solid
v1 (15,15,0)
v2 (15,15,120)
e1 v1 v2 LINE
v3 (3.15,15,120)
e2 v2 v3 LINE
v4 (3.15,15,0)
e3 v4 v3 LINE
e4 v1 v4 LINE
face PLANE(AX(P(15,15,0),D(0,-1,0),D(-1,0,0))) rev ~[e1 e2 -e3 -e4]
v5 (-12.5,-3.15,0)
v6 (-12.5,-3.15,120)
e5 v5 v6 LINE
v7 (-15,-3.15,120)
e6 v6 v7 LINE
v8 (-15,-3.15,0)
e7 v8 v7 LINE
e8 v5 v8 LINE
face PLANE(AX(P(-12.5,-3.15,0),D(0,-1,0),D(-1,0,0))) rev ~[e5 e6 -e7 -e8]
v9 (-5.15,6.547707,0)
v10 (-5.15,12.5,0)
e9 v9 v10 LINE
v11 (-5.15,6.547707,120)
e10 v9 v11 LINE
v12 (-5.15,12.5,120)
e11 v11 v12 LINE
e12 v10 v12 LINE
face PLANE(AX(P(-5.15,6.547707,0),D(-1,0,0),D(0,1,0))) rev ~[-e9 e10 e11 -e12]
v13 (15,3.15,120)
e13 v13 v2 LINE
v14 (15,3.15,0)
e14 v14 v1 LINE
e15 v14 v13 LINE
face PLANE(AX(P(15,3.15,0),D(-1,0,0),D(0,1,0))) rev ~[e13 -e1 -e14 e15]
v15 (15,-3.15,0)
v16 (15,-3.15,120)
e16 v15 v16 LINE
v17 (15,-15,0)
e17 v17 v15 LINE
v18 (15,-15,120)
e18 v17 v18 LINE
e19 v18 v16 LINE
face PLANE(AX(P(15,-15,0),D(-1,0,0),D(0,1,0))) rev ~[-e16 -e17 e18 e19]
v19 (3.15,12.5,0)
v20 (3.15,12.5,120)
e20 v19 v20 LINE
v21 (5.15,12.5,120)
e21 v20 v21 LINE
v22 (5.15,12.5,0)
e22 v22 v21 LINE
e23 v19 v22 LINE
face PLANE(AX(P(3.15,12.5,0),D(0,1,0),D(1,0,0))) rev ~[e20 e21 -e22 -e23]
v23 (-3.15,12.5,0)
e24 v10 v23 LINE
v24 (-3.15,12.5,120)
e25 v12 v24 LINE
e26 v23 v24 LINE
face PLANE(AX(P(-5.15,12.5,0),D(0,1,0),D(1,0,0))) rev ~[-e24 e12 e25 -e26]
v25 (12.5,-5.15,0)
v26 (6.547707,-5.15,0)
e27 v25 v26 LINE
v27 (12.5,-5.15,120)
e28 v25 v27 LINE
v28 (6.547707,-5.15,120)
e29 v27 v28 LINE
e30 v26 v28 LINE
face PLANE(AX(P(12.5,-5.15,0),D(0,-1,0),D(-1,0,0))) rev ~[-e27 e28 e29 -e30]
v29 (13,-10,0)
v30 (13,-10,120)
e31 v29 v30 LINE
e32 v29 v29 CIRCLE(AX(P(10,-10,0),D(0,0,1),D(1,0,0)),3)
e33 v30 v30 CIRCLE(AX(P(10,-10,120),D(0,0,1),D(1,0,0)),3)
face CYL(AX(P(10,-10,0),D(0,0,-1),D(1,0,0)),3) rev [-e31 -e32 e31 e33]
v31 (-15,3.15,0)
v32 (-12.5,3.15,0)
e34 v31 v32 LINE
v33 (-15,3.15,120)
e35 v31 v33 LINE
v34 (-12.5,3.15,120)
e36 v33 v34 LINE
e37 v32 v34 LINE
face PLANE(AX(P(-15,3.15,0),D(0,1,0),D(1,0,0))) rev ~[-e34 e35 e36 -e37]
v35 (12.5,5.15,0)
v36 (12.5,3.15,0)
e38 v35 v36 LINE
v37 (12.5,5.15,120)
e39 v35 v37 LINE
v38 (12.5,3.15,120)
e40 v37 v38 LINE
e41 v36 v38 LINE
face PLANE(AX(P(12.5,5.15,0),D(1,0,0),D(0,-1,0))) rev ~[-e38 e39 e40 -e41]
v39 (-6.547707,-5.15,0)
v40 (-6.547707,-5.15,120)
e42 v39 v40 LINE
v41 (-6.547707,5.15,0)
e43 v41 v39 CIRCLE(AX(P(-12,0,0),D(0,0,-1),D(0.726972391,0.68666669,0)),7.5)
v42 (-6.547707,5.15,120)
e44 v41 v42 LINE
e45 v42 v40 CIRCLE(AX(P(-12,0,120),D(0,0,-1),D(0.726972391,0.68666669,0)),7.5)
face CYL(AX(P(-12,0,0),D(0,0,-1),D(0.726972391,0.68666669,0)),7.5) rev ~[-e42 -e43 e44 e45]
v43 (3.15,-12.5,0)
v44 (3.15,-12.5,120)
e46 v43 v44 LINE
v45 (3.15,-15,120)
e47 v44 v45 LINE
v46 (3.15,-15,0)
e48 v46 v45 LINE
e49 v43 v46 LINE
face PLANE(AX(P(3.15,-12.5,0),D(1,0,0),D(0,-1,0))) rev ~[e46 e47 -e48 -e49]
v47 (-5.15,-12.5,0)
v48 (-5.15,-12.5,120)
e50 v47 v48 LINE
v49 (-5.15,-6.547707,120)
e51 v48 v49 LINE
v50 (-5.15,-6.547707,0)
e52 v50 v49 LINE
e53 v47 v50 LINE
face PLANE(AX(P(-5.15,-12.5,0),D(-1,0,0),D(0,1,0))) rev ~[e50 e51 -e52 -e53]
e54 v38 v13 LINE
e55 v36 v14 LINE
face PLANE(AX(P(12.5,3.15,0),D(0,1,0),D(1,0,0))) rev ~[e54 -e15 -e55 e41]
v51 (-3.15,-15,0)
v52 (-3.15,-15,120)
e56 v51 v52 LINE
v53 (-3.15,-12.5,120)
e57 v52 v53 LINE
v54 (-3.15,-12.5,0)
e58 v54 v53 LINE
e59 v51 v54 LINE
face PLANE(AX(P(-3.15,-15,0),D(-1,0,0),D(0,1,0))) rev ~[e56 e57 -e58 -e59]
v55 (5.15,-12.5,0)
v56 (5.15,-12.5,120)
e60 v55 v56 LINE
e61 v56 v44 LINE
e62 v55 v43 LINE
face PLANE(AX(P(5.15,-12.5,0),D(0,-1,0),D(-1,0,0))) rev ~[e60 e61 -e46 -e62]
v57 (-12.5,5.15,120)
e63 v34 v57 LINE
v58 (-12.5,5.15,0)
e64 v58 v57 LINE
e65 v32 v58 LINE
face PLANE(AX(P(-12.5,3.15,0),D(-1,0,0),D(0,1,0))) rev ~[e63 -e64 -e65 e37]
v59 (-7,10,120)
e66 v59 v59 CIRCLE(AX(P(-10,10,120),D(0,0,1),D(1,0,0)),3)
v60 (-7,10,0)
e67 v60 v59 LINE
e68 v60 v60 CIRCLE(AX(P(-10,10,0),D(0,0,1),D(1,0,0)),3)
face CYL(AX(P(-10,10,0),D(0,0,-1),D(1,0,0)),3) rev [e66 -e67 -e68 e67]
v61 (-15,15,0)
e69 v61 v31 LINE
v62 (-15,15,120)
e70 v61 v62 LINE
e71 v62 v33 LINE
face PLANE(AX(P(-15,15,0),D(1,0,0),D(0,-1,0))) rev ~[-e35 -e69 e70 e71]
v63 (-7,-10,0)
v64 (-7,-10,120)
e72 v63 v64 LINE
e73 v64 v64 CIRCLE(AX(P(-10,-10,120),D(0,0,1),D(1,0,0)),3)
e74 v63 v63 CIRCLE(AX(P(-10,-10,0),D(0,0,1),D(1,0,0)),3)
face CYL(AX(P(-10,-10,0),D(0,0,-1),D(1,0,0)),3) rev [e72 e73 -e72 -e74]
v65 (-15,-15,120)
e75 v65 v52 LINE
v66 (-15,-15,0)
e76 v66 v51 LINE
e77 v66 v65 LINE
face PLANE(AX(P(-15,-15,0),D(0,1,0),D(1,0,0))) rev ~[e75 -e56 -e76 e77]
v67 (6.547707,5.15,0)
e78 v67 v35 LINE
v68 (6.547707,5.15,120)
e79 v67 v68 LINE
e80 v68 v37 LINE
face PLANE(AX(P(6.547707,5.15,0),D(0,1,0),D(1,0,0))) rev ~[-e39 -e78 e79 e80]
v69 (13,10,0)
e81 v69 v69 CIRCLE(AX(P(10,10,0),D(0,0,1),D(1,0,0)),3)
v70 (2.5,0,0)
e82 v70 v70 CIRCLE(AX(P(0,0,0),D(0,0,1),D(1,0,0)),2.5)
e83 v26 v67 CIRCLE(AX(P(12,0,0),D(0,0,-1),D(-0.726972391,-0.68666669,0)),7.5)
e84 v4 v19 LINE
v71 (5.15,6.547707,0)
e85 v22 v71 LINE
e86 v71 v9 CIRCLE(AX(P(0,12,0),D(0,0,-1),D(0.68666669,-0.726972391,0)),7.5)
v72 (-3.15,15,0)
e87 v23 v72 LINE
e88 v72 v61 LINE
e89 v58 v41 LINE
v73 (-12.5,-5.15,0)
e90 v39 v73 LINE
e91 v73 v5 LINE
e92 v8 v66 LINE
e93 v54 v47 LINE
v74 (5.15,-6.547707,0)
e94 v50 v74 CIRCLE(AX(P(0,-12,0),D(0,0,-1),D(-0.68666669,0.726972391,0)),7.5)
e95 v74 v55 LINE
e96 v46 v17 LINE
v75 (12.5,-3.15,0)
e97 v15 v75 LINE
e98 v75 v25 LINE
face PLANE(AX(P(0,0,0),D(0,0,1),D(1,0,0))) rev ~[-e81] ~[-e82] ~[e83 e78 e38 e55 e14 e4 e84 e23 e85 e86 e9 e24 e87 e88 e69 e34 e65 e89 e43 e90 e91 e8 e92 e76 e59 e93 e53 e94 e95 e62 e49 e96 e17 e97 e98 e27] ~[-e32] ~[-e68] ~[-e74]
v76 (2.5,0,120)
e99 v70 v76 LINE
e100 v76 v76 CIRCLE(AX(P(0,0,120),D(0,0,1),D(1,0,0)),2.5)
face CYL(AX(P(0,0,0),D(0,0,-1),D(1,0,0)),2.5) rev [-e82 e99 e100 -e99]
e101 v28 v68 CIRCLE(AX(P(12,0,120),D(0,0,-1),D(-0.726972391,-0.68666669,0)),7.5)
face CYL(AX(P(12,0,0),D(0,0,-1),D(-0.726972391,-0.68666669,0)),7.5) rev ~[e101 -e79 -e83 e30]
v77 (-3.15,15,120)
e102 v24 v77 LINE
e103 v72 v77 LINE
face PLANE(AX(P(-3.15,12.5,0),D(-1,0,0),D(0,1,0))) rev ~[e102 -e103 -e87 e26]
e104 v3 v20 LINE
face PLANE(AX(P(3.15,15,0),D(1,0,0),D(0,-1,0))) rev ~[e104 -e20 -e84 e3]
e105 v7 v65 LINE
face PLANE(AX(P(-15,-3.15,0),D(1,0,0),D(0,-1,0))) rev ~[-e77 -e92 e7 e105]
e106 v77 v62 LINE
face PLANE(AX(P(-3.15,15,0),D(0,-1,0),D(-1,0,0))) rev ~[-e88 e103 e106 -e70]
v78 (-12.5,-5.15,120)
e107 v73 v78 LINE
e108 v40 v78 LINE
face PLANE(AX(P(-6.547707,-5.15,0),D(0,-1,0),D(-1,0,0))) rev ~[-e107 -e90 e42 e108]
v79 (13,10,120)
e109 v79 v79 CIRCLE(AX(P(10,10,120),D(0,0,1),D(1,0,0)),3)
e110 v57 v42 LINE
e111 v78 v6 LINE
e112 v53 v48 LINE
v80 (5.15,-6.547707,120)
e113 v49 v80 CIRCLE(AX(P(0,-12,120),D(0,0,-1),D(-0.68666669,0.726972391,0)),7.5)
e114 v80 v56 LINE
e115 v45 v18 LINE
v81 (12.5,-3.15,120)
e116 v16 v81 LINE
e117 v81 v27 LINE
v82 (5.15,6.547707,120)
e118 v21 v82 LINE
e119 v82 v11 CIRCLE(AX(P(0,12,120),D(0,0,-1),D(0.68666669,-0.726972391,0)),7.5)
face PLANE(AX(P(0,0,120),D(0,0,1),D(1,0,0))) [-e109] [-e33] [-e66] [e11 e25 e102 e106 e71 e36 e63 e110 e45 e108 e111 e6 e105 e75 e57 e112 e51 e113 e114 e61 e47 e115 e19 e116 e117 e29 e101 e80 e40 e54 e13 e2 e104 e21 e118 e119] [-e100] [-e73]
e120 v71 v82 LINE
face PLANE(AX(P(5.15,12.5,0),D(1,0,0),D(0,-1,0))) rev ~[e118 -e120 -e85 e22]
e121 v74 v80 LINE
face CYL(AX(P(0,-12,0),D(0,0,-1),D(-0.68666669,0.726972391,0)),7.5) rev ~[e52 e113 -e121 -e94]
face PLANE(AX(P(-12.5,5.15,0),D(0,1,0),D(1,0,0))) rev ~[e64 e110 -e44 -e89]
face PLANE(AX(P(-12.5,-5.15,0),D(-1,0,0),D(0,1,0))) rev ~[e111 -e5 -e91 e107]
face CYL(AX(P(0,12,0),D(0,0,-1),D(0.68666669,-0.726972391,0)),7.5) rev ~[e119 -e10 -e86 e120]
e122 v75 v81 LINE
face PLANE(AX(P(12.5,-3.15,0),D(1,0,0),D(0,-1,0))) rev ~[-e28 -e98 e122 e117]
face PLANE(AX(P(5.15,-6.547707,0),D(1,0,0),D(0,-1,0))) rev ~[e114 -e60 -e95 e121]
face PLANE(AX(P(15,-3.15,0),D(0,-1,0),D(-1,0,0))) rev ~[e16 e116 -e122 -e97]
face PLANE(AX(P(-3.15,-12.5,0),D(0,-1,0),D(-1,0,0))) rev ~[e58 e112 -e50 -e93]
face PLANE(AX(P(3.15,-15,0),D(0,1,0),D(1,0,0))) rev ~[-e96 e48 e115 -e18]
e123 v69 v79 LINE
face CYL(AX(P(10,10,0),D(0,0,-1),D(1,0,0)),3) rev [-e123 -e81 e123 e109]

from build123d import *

# Parameters (mm, degrees)
F0_R     = 3
F0_R_2   = 2.5
F1_DEPTH = 120


with BuildPart() as f1:
    # F0 (on Top) → F1 (new body)
    with BuildSketch(Plane.XY):
        with BuildLine():
            Line((-15, 15), (-15, 3.15))
            Line((-15, 3.15), (-12.5, 3.15))
            Line((-12.5, 3.15), (-12.5, 5.15))
            Line((-12.5, 5.15), (-6.547707, 5.15))
            ThreePointArc((-6.547707, 5.15), (-4.5, 0), (-6.547707, -5.15))
            Line((-6.547707, -5.15), (-12.5, -5.15))
            Line((-12.5, -5.15), (-12.5, -3.15))
            Line((-12.5, -3.15), (-15, -3.15))
            Line((-15, -3.15), (-15, -15))
            Line((-15, -15), (-3.15, -15))
            Line((-3.15, -15), (-3.15, -12.5))
            Line((-3.15, -12.5), (-5.15, -12.5))
            Line((-5.15, -12.5), (-5.15, -6.547707))
            ThreePointArc((-5.15, -6.547707), (0, -4.5), (5.15, -6.547707))
            Line((5.15, -6.547707), (5.15, -12.5))
            Line((5.15, -12.5), (3.15, -12.5))
            Line((3.15, -12.5), (3.15, -15))
            Line((3.15, -15), (15, -15))
            Line((15, -15), (15, -3.15))
            Line((15, -3.15), (12.5, -3.15))
            Line((12.5, -3.15), (12.5, -5.15))
            Line((12.5, -5.15), (6.547707, -5.15))
            ThreePointArc((6.547707, -5.15), (4.5, 0), (6.547707, 5.15))
            Line((6.547707, 5.15), (12.5, 5.15))
            Line((12.5, 5.15), (12.5, 3.15))
            Line((12.5, 3.15), (15, 3.15))
            Line((15, 3.15), (15, 15))
            Line((15, 15), (3.15, 15))
            Line((3.15, 15), (3.15, 12.5))
            Line((3.15, 12.5), (5.15, 12.5))
            Line((5.15, 12.5), (5.15, 6.547707))
            ThreePointArc((5.15, 6.547707), (0, 4.5), (-5.15, 6.547707))
            Line((-5.15, 6.547707), (-5.15, 12.5))
            Line((-5.15, 12.5), (-3.15, 12.5))
            Line((-3.15, 12.5), (-3.15, 15))
            Line((-3.15, 15), (-15, 15))
        make_face()
        with Locations((-10, -10)):
            Circle(F0_R, mode=Mode.SUBTRACT)
        with Locations((10, -10)):
            Circle(F0_R, mode=Mode.SUBTRACT)
        with Locations((-10, 10)):
            Circle(F0_R, mode=Mode.SUBTRACT)
        Circle(F0_R_2, mode=Mode.SUBTRACT)
        with Locations((10, 10)):
            Circle(F0_R, mode=Mode.SUBTRACT)
    extrude(amount=F1_DEPTH)


solid = f1.part
